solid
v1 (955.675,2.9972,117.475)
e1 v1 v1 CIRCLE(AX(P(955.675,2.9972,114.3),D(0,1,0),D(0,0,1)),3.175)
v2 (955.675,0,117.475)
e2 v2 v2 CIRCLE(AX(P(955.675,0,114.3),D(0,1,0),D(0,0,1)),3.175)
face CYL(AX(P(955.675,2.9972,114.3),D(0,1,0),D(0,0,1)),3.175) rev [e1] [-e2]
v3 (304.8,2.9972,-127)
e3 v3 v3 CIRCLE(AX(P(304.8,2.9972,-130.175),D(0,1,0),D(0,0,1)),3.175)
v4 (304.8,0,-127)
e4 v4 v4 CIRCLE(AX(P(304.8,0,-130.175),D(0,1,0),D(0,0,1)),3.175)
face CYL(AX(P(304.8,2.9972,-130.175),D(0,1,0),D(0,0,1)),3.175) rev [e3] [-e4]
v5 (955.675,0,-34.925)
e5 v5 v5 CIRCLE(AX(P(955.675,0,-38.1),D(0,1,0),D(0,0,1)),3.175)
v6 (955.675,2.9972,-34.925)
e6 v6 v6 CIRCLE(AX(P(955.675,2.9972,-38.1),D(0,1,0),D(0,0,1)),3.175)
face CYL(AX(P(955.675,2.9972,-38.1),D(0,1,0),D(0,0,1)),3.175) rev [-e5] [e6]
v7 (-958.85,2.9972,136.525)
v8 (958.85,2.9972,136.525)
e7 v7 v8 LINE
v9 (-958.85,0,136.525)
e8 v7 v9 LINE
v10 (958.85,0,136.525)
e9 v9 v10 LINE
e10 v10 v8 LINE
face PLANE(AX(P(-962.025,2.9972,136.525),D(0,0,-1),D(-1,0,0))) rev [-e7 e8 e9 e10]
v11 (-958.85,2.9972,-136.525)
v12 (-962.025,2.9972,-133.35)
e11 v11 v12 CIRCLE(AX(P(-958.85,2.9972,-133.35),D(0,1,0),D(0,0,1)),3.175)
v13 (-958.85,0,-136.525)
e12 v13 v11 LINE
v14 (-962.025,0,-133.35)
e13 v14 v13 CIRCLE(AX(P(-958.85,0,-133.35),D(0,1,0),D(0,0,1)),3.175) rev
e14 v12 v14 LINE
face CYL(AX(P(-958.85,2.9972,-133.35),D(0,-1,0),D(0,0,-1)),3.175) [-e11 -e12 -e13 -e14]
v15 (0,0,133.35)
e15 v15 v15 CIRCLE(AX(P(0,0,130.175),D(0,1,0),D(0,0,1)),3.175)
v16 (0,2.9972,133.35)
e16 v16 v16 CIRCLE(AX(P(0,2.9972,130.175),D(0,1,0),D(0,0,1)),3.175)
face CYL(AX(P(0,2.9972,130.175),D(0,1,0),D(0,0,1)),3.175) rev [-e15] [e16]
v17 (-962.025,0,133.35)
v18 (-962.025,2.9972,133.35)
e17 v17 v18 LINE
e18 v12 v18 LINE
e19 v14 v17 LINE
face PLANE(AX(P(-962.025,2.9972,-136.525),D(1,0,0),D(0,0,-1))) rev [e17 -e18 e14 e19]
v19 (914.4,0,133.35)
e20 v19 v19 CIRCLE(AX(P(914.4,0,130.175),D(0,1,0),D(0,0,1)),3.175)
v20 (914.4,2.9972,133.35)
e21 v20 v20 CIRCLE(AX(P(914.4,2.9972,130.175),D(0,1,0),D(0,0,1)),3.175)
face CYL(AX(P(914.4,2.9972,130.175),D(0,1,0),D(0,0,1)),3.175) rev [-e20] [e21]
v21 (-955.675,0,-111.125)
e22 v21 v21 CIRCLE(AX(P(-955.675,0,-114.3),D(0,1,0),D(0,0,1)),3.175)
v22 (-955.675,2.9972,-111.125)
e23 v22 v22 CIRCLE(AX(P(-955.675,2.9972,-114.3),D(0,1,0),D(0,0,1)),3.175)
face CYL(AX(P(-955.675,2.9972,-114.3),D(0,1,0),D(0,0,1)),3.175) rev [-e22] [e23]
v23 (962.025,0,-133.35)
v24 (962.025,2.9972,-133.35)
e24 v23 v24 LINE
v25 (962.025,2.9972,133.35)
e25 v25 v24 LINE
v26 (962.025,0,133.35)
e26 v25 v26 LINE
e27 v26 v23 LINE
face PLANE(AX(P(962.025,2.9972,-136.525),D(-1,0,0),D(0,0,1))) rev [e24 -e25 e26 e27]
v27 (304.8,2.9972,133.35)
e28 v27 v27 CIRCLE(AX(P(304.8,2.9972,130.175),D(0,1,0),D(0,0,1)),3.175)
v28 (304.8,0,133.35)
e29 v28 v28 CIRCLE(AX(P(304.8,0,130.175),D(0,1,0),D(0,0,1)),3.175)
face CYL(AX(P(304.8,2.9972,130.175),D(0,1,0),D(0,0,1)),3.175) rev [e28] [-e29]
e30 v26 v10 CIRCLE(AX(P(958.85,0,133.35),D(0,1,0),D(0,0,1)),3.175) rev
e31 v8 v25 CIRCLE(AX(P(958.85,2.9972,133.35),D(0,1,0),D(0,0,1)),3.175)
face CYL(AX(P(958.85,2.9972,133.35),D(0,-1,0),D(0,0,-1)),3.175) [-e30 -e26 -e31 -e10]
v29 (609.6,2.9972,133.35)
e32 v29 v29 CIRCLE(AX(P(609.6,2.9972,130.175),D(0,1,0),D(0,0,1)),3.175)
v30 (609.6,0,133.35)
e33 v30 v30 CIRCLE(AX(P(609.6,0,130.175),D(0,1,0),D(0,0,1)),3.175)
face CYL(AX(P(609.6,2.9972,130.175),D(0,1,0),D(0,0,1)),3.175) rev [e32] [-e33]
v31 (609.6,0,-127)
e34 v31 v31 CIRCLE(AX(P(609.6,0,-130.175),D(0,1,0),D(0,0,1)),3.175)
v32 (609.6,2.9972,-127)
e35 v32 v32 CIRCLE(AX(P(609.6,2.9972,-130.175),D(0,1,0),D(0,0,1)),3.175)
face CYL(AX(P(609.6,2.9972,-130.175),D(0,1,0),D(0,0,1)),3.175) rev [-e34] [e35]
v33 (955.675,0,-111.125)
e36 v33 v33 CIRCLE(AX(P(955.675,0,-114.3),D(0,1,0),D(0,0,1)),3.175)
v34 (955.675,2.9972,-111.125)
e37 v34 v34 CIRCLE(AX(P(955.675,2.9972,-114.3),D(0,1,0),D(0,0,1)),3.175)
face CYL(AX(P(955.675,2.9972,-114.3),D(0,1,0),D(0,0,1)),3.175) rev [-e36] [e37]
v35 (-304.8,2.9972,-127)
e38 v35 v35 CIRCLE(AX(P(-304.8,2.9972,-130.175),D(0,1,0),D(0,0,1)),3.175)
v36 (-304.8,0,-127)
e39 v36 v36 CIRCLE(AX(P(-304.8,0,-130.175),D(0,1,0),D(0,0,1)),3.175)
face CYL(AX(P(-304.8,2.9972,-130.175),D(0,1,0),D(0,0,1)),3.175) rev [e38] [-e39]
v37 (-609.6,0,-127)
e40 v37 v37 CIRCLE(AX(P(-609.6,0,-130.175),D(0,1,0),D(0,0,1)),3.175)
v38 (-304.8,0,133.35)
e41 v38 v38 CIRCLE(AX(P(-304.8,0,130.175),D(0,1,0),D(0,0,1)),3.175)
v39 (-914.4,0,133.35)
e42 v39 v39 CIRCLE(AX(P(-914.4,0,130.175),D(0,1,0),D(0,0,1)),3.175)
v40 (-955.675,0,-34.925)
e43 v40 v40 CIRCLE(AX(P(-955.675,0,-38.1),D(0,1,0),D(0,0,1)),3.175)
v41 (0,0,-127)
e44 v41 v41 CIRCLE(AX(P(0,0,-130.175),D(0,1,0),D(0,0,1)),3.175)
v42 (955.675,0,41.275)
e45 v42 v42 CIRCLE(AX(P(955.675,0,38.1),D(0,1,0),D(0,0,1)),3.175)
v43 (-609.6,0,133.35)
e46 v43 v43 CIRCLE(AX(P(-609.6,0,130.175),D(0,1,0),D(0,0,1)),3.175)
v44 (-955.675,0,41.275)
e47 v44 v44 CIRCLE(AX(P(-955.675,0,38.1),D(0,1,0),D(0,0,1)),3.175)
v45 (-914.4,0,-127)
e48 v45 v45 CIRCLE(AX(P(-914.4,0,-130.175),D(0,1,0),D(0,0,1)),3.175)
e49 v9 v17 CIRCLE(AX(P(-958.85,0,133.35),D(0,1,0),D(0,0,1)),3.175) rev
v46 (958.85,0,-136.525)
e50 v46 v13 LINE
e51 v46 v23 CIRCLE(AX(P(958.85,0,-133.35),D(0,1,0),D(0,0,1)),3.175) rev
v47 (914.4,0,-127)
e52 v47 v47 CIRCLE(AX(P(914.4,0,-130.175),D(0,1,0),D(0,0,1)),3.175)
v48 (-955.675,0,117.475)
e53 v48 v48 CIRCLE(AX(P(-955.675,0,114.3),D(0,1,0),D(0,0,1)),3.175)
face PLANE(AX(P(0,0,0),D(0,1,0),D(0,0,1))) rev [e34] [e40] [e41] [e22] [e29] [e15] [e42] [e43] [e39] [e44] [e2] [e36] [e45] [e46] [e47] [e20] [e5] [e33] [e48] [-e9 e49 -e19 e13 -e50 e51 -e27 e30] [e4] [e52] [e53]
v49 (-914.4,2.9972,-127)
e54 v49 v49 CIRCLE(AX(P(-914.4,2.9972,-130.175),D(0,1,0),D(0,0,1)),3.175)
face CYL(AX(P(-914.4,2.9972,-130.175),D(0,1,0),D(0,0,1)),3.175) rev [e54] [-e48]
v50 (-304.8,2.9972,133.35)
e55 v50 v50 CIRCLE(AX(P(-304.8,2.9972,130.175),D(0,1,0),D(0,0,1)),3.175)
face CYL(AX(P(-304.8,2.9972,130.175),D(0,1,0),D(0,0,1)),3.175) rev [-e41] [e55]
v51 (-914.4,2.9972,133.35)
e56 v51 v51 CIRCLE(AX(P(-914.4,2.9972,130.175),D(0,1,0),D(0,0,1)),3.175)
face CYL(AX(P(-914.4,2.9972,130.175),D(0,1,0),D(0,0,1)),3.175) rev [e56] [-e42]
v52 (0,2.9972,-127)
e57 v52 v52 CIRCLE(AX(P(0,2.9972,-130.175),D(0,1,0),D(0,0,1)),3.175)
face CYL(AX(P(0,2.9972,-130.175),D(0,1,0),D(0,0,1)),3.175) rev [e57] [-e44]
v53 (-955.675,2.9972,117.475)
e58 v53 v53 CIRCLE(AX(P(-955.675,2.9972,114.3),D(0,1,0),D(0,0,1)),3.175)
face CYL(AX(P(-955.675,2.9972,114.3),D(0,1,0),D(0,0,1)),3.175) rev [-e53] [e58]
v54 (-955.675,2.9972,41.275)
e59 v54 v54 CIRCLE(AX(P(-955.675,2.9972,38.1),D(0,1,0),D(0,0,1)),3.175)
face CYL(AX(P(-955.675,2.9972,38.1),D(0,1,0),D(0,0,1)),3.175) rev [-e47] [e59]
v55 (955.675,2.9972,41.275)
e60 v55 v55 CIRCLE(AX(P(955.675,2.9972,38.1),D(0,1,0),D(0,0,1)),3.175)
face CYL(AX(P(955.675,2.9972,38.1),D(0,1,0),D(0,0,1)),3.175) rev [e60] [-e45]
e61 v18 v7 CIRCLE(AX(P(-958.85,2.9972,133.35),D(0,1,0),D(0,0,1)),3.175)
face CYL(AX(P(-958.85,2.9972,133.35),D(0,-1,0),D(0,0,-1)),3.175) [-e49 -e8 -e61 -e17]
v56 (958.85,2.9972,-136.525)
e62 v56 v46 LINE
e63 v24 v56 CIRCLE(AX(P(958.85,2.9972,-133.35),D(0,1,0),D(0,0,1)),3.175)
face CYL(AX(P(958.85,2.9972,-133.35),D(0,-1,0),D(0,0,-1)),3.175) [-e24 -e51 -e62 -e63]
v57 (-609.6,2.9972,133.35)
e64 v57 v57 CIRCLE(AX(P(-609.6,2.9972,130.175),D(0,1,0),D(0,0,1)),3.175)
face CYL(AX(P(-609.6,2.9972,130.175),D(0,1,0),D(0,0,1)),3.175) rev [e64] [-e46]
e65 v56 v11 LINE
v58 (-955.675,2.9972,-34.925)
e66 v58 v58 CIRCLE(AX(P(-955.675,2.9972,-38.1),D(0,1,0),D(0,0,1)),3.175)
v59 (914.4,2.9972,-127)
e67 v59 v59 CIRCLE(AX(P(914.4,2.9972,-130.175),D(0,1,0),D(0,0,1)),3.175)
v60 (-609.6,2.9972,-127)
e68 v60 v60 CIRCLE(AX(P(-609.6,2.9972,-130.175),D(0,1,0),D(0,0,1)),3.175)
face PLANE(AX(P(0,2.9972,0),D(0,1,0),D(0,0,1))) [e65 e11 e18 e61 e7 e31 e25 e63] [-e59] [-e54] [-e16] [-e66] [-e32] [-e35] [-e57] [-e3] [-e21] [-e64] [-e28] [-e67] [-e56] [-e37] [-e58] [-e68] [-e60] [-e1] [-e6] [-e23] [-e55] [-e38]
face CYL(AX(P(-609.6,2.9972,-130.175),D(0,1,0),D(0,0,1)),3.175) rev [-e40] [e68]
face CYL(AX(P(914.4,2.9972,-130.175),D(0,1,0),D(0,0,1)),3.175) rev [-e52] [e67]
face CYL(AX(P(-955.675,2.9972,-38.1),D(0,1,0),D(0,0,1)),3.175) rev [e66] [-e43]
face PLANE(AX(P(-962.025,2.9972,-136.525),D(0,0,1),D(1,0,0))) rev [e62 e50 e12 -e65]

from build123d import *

# Parameters (mm, degrees)
SKETCH1_W                   = 1924.05
SKETCH1_H                   = 273.05
BOSS_EXTRUDE1_DEPTH         = 2.9972
FILLET1_R                   = 3.175
F_1_4_0_25_DIAMETER_HOLE1_D = 6.35


with BuildPart() as part:
    # Sketch1 → Boss-Extrude1 (new body)
    with BuildSketch(Plane(origin=(0, 0, 0), x_dir=(1, 0, 0), z_dir=(0, 1, 0))):
        Rectangle(SKETCH1_W, SKETCH1_H)
    extrude(amount=BOSS_EXTRUDE1_DEPTH)

    # Fillet1
    fillet1_edges = [part.edges().sort_by_distance(p)[0] for p in [
        (962.025, 1.4986, 136.525),
        (-962.025, 1.4986, 136.525),
        (-962.025, 1.4986, -136.525),
        (962.025, 1.4986, -136.525),
    ]]
    fillet(fillet1_edges, radius=FILLET1_R)

    # 1/4 (0.25) Diameter Hole1 (through all)
    with Locations(Plane(origin=(0, 2.9972, 0), x_dir=(1, 0, 0), z_dir=(0, 1, 0))):
        with Locations((0, -130.175), (-955.675, 38.1), (-955.675, -38.1), (-914.4, -130.175), (-609.6, -130.175), (-304.8, -130.175), (304.8, -130.175), (609.6, -130.175), (914.4, -130.175), (-955.675, -114.3), (914.4, 130.175), (609.6, 130.175), (304.8, 130.175), (-304.8, 130.175), (-609.6, 130.175), (-914.4, 130.175), (0, 130.175), (955.675, -114.3), (955.675, -38.1), (955.675, 38.1), (-955.675, 114.3), (955.675, 114.3)):
            Hole(F_1_4_0_25_DIAMETER_HOLE1_D / 2)


solid = part.part
